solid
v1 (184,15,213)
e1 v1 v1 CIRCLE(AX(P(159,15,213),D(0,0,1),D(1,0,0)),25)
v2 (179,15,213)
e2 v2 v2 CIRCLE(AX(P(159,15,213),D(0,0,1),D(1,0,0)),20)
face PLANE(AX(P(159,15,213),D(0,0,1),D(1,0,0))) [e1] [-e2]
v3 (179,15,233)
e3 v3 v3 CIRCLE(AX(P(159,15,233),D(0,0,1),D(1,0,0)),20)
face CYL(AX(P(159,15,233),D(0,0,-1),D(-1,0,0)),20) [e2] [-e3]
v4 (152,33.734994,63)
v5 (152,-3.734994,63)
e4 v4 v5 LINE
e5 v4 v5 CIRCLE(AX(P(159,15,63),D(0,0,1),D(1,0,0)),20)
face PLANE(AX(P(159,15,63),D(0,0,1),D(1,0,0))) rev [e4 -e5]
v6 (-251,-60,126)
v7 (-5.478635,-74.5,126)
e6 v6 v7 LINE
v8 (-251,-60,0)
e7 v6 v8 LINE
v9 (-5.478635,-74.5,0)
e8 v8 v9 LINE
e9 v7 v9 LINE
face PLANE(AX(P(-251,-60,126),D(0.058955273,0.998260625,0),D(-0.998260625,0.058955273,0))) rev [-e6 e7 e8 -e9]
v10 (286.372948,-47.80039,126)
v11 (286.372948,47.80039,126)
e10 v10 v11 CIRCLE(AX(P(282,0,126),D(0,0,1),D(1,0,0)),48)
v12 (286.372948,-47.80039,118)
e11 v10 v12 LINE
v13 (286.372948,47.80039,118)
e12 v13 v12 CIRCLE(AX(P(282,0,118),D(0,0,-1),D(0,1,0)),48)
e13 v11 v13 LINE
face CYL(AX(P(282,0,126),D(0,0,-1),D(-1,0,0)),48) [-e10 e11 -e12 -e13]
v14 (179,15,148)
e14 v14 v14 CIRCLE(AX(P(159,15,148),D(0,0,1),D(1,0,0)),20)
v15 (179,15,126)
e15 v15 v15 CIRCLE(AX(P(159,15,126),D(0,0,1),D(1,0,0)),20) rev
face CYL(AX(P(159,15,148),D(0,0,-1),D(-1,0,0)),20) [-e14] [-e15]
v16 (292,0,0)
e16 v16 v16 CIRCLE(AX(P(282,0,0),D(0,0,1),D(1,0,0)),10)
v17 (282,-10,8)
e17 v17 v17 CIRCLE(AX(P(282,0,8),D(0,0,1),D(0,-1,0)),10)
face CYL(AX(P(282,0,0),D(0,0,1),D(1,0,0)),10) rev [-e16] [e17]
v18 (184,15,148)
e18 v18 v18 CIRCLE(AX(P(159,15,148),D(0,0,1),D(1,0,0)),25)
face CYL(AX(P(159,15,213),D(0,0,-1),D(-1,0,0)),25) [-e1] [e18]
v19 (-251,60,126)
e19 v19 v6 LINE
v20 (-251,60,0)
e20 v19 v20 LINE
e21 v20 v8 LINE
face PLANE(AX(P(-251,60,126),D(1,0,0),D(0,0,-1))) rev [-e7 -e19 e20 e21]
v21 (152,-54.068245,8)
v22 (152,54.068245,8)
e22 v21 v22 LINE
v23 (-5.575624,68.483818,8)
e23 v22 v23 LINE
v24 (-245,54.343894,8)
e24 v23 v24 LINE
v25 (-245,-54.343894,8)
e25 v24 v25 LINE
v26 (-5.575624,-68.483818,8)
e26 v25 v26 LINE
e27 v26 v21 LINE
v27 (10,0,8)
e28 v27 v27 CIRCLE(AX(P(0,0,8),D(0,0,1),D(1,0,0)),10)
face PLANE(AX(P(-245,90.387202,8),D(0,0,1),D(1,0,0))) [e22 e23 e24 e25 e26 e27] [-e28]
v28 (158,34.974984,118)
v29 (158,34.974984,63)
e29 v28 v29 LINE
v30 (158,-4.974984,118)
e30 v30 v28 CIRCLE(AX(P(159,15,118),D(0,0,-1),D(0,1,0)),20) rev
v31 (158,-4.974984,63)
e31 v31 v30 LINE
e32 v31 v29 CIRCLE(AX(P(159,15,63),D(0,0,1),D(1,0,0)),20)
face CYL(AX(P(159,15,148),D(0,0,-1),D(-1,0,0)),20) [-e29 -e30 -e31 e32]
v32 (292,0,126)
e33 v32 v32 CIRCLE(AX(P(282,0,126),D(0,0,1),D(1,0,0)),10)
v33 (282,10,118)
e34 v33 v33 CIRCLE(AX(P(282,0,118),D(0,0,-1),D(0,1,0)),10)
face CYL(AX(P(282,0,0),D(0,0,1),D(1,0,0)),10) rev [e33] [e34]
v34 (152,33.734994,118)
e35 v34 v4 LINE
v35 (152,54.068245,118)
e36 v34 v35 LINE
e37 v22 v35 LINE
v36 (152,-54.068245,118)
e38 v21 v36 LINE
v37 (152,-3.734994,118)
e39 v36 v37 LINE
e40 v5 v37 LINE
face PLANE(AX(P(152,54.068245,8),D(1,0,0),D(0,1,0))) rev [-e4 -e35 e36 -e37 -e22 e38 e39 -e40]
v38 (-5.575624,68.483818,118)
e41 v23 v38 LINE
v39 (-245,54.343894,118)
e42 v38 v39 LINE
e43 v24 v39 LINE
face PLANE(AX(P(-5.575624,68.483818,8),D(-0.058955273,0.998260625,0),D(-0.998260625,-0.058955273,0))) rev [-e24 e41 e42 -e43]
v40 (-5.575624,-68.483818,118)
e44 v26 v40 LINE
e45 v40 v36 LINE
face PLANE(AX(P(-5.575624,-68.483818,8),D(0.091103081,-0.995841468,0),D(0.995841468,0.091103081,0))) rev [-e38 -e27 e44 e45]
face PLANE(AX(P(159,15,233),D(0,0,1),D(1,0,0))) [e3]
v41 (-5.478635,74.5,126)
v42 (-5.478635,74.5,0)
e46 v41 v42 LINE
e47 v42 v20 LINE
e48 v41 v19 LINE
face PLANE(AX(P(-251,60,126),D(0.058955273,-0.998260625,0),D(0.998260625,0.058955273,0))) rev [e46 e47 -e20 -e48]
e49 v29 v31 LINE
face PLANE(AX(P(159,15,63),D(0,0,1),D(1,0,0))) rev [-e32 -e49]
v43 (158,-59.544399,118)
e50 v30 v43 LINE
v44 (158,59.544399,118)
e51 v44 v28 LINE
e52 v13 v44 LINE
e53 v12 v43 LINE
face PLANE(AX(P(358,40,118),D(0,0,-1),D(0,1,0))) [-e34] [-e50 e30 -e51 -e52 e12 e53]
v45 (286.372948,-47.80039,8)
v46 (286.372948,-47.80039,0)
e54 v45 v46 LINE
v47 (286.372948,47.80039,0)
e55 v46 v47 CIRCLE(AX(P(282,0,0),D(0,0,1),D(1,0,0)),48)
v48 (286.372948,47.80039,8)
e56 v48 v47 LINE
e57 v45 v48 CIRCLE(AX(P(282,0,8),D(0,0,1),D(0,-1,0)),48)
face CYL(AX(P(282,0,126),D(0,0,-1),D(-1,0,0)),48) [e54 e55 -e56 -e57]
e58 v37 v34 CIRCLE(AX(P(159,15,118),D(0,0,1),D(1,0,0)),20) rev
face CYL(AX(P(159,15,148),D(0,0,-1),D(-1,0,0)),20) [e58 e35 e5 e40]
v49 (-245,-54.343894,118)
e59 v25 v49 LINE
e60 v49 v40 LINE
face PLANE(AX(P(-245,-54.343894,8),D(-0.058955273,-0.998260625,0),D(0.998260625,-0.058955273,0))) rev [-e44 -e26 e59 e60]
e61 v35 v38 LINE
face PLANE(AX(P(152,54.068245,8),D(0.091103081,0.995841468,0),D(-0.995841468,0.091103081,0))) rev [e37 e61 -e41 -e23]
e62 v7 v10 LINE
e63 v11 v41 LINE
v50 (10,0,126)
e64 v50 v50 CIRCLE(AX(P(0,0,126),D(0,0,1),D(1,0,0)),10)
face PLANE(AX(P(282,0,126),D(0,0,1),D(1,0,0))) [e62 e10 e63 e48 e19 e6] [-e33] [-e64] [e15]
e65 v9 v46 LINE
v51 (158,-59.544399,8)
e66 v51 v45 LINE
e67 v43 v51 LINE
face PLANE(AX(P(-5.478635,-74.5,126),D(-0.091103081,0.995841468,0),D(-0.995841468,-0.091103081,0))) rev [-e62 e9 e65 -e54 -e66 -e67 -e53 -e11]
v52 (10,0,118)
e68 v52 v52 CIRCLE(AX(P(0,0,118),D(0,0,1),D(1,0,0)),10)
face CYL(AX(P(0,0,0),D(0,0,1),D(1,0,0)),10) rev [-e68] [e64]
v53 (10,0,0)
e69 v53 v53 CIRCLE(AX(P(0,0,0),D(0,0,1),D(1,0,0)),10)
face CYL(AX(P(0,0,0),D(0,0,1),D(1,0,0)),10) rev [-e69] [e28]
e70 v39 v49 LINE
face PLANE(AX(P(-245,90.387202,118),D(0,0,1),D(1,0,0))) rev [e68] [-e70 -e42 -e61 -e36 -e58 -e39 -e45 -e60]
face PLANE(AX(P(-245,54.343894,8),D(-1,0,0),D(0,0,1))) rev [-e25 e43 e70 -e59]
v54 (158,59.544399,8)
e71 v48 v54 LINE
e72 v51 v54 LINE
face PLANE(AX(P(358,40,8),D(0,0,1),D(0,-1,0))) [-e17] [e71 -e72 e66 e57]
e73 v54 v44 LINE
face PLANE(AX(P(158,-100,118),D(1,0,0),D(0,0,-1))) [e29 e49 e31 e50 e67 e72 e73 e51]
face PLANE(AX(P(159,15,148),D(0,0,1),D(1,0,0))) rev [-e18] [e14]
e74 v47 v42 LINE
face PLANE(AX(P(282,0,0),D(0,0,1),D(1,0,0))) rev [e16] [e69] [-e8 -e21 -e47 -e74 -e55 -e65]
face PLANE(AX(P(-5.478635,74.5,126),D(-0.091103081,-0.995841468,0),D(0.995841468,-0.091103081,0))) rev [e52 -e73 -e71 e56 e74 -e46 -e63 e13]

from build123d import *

# Parameters (mm, degrees)
EXTRUSION1_DEPTH             = 126
ESQUISSE2_W                  = 110
ESQUISSE2_H                  = 140
ENL_V_MAT_EXTRU_1_DEPTH      = 200
ENL_V_MAT_EXTRU_2_DEPTH      = 55
ENL_V_MAT_EXTRU_2_DEPTH_BACK = 55
ESQUISSE6_OUTSIDE_W          = 705.578
ESQUISSE6_OUTSIDE_H          = 273.578
ESQUISSE8_R                  = 20
EXTRUSION2_DEPTH             = 85
ESQUISSE9_R                  = 25
EXTRUSION3_DEPTH             = 65
ESQUISSE10_R                 = 20
EXTRUSION4_DEPTH             = 20
ESQUISSE11_R                 = 10
ENL_V_MAT_EXTRU_3_DEPTH      = 362.007271395
ESQUISSE12_R                 = 10
ENL_V_MAT_EXTRU_4_DEPTH      = 362.007271395


with BuildPart() as part:
    # Esquisse1 → Extrusion1 (new body)
    with BuildSketch(Plane.XY):
        with BuildLine():
            Line((-251, 60), (-251, -60))
            Line((-251, -60), (-5.478634649, -74.5))
            Line((-5.478634649, -74.5), (286.372947888, -47.800390446))
            ThreePointArc((286.372947888, -47.800390446), (330, 0), (286.372947888, 47.800390446))
            Line((286.372947888, 47.800390446), (-5.478634649, 74.5))
            Line((-5.478634649, 74.5), (-251, 60))
        make_face()
    extrude(amount=EXTRUSION1_DEPTH)

    # Esquisse2 → Enlèv. mat.-Extru.1 (cut)
    with BuildSketch(Plane(origin=(158, 0, 0), x_dir=(0, 0, -1), z_dir=(1, 0, 0))):
        with Locations((-63, -30)):
            Rectangle(ESQUISSE2_W, ESQUISSE2_H)
    extrude(amount=ENL_V_MAT_EXTRU_1_DEPTH, mode=Mode.SUBTRACT)

    # Esquisse6 outside → Enlèv. mat.-Extru.2 (cut, two sides: drawn at the far end of the back side and taken through both)
    # profile 1 of 2: a face of its own
    with BuildSketch(Plane.XY.offset(63).offset(-ENL_V_MAT_EXTRU_2_DEPTH_BACK)):
        with Locations((39.5, 0)):
            Rectangle(ESQUISSE6_OUTSIDE_W, ESQUISSE6_OUTSIDE_H)
        Polygon((-251, 60), (-251, -60), (-5.478634649, -74.5), (158, -59.544399357), (158, 59.544399357), (-5.478634649, 74.5), align=None, mode=Mode.SUBTRACT)
    # profile 2 of 2: a face of its own
    with BuildSketch(Plane.XY.offset(63).offset(-ENL_V_MAT_EXTRU_2_DEPTH_BACK)):
        Polygon((152, 54.068245078), (152, -54.068245078), (-5.575624206, -68.483817558), (-245, -54.343893548), (-245, 54.343893548), (-5.575624206, 68.483817558), align=None)
    extrude(amount=ENL_V_MAT_EXTRU_2_DEPTH + ENL_V_MAT_EXTRU_2_DEPTH_BACK, mode=Mode.SUBTRACT)

    # Esquisse8 → Extrusion2 (add)
    with BuildSketch(Plane.XY.offset(63)):
        with Locations((159, 15)):
            Circle(ESQUISSE8_R)
    extrude(amount=EXTRUSION2_DEPTH)

    # Esquisse9 → Extrusion3 (add)
    with BuildSketch(Plane.XY.offset(148)):
        with Locations((159, 15)):
            Circle(ESQUISSE9_R)
    extrude(amount=EXTRUSION3_DEPTH)

    # Esquisse10 → Extrusion4 (add)
    with BuildSketch(Plane.XY.offset(213)):
        with Locations((159, 15)):
            Circle(ESQUISSE10_R)
    extrude(amount=EXTRUSION4_DEPTH)

    # Esquisse11 → Enlèv. mat.-Extru.3 (cut, through all)
    with BuildSketch(Plane.XY.offset(126)):
        with Locations((282, 0)):
            Circle(ESQUISSE11_R)
    extrude(amount=-ENL_V_MAT_EXTRU_3_DEPTH, mode=Mode.SUBTRACT)

    # Esquisse12 → Enlèv. mat.-Extru.4 (cut, through all)
    with BuildSketch(Plane.XY.offset(126)):
        Circle(ESQUISSE12_R)
    extrude(amount=-ENL_V_MAT_EXTRU_4_DEPTH, mode=Mode.SUBTRACT)


solid = part.part
